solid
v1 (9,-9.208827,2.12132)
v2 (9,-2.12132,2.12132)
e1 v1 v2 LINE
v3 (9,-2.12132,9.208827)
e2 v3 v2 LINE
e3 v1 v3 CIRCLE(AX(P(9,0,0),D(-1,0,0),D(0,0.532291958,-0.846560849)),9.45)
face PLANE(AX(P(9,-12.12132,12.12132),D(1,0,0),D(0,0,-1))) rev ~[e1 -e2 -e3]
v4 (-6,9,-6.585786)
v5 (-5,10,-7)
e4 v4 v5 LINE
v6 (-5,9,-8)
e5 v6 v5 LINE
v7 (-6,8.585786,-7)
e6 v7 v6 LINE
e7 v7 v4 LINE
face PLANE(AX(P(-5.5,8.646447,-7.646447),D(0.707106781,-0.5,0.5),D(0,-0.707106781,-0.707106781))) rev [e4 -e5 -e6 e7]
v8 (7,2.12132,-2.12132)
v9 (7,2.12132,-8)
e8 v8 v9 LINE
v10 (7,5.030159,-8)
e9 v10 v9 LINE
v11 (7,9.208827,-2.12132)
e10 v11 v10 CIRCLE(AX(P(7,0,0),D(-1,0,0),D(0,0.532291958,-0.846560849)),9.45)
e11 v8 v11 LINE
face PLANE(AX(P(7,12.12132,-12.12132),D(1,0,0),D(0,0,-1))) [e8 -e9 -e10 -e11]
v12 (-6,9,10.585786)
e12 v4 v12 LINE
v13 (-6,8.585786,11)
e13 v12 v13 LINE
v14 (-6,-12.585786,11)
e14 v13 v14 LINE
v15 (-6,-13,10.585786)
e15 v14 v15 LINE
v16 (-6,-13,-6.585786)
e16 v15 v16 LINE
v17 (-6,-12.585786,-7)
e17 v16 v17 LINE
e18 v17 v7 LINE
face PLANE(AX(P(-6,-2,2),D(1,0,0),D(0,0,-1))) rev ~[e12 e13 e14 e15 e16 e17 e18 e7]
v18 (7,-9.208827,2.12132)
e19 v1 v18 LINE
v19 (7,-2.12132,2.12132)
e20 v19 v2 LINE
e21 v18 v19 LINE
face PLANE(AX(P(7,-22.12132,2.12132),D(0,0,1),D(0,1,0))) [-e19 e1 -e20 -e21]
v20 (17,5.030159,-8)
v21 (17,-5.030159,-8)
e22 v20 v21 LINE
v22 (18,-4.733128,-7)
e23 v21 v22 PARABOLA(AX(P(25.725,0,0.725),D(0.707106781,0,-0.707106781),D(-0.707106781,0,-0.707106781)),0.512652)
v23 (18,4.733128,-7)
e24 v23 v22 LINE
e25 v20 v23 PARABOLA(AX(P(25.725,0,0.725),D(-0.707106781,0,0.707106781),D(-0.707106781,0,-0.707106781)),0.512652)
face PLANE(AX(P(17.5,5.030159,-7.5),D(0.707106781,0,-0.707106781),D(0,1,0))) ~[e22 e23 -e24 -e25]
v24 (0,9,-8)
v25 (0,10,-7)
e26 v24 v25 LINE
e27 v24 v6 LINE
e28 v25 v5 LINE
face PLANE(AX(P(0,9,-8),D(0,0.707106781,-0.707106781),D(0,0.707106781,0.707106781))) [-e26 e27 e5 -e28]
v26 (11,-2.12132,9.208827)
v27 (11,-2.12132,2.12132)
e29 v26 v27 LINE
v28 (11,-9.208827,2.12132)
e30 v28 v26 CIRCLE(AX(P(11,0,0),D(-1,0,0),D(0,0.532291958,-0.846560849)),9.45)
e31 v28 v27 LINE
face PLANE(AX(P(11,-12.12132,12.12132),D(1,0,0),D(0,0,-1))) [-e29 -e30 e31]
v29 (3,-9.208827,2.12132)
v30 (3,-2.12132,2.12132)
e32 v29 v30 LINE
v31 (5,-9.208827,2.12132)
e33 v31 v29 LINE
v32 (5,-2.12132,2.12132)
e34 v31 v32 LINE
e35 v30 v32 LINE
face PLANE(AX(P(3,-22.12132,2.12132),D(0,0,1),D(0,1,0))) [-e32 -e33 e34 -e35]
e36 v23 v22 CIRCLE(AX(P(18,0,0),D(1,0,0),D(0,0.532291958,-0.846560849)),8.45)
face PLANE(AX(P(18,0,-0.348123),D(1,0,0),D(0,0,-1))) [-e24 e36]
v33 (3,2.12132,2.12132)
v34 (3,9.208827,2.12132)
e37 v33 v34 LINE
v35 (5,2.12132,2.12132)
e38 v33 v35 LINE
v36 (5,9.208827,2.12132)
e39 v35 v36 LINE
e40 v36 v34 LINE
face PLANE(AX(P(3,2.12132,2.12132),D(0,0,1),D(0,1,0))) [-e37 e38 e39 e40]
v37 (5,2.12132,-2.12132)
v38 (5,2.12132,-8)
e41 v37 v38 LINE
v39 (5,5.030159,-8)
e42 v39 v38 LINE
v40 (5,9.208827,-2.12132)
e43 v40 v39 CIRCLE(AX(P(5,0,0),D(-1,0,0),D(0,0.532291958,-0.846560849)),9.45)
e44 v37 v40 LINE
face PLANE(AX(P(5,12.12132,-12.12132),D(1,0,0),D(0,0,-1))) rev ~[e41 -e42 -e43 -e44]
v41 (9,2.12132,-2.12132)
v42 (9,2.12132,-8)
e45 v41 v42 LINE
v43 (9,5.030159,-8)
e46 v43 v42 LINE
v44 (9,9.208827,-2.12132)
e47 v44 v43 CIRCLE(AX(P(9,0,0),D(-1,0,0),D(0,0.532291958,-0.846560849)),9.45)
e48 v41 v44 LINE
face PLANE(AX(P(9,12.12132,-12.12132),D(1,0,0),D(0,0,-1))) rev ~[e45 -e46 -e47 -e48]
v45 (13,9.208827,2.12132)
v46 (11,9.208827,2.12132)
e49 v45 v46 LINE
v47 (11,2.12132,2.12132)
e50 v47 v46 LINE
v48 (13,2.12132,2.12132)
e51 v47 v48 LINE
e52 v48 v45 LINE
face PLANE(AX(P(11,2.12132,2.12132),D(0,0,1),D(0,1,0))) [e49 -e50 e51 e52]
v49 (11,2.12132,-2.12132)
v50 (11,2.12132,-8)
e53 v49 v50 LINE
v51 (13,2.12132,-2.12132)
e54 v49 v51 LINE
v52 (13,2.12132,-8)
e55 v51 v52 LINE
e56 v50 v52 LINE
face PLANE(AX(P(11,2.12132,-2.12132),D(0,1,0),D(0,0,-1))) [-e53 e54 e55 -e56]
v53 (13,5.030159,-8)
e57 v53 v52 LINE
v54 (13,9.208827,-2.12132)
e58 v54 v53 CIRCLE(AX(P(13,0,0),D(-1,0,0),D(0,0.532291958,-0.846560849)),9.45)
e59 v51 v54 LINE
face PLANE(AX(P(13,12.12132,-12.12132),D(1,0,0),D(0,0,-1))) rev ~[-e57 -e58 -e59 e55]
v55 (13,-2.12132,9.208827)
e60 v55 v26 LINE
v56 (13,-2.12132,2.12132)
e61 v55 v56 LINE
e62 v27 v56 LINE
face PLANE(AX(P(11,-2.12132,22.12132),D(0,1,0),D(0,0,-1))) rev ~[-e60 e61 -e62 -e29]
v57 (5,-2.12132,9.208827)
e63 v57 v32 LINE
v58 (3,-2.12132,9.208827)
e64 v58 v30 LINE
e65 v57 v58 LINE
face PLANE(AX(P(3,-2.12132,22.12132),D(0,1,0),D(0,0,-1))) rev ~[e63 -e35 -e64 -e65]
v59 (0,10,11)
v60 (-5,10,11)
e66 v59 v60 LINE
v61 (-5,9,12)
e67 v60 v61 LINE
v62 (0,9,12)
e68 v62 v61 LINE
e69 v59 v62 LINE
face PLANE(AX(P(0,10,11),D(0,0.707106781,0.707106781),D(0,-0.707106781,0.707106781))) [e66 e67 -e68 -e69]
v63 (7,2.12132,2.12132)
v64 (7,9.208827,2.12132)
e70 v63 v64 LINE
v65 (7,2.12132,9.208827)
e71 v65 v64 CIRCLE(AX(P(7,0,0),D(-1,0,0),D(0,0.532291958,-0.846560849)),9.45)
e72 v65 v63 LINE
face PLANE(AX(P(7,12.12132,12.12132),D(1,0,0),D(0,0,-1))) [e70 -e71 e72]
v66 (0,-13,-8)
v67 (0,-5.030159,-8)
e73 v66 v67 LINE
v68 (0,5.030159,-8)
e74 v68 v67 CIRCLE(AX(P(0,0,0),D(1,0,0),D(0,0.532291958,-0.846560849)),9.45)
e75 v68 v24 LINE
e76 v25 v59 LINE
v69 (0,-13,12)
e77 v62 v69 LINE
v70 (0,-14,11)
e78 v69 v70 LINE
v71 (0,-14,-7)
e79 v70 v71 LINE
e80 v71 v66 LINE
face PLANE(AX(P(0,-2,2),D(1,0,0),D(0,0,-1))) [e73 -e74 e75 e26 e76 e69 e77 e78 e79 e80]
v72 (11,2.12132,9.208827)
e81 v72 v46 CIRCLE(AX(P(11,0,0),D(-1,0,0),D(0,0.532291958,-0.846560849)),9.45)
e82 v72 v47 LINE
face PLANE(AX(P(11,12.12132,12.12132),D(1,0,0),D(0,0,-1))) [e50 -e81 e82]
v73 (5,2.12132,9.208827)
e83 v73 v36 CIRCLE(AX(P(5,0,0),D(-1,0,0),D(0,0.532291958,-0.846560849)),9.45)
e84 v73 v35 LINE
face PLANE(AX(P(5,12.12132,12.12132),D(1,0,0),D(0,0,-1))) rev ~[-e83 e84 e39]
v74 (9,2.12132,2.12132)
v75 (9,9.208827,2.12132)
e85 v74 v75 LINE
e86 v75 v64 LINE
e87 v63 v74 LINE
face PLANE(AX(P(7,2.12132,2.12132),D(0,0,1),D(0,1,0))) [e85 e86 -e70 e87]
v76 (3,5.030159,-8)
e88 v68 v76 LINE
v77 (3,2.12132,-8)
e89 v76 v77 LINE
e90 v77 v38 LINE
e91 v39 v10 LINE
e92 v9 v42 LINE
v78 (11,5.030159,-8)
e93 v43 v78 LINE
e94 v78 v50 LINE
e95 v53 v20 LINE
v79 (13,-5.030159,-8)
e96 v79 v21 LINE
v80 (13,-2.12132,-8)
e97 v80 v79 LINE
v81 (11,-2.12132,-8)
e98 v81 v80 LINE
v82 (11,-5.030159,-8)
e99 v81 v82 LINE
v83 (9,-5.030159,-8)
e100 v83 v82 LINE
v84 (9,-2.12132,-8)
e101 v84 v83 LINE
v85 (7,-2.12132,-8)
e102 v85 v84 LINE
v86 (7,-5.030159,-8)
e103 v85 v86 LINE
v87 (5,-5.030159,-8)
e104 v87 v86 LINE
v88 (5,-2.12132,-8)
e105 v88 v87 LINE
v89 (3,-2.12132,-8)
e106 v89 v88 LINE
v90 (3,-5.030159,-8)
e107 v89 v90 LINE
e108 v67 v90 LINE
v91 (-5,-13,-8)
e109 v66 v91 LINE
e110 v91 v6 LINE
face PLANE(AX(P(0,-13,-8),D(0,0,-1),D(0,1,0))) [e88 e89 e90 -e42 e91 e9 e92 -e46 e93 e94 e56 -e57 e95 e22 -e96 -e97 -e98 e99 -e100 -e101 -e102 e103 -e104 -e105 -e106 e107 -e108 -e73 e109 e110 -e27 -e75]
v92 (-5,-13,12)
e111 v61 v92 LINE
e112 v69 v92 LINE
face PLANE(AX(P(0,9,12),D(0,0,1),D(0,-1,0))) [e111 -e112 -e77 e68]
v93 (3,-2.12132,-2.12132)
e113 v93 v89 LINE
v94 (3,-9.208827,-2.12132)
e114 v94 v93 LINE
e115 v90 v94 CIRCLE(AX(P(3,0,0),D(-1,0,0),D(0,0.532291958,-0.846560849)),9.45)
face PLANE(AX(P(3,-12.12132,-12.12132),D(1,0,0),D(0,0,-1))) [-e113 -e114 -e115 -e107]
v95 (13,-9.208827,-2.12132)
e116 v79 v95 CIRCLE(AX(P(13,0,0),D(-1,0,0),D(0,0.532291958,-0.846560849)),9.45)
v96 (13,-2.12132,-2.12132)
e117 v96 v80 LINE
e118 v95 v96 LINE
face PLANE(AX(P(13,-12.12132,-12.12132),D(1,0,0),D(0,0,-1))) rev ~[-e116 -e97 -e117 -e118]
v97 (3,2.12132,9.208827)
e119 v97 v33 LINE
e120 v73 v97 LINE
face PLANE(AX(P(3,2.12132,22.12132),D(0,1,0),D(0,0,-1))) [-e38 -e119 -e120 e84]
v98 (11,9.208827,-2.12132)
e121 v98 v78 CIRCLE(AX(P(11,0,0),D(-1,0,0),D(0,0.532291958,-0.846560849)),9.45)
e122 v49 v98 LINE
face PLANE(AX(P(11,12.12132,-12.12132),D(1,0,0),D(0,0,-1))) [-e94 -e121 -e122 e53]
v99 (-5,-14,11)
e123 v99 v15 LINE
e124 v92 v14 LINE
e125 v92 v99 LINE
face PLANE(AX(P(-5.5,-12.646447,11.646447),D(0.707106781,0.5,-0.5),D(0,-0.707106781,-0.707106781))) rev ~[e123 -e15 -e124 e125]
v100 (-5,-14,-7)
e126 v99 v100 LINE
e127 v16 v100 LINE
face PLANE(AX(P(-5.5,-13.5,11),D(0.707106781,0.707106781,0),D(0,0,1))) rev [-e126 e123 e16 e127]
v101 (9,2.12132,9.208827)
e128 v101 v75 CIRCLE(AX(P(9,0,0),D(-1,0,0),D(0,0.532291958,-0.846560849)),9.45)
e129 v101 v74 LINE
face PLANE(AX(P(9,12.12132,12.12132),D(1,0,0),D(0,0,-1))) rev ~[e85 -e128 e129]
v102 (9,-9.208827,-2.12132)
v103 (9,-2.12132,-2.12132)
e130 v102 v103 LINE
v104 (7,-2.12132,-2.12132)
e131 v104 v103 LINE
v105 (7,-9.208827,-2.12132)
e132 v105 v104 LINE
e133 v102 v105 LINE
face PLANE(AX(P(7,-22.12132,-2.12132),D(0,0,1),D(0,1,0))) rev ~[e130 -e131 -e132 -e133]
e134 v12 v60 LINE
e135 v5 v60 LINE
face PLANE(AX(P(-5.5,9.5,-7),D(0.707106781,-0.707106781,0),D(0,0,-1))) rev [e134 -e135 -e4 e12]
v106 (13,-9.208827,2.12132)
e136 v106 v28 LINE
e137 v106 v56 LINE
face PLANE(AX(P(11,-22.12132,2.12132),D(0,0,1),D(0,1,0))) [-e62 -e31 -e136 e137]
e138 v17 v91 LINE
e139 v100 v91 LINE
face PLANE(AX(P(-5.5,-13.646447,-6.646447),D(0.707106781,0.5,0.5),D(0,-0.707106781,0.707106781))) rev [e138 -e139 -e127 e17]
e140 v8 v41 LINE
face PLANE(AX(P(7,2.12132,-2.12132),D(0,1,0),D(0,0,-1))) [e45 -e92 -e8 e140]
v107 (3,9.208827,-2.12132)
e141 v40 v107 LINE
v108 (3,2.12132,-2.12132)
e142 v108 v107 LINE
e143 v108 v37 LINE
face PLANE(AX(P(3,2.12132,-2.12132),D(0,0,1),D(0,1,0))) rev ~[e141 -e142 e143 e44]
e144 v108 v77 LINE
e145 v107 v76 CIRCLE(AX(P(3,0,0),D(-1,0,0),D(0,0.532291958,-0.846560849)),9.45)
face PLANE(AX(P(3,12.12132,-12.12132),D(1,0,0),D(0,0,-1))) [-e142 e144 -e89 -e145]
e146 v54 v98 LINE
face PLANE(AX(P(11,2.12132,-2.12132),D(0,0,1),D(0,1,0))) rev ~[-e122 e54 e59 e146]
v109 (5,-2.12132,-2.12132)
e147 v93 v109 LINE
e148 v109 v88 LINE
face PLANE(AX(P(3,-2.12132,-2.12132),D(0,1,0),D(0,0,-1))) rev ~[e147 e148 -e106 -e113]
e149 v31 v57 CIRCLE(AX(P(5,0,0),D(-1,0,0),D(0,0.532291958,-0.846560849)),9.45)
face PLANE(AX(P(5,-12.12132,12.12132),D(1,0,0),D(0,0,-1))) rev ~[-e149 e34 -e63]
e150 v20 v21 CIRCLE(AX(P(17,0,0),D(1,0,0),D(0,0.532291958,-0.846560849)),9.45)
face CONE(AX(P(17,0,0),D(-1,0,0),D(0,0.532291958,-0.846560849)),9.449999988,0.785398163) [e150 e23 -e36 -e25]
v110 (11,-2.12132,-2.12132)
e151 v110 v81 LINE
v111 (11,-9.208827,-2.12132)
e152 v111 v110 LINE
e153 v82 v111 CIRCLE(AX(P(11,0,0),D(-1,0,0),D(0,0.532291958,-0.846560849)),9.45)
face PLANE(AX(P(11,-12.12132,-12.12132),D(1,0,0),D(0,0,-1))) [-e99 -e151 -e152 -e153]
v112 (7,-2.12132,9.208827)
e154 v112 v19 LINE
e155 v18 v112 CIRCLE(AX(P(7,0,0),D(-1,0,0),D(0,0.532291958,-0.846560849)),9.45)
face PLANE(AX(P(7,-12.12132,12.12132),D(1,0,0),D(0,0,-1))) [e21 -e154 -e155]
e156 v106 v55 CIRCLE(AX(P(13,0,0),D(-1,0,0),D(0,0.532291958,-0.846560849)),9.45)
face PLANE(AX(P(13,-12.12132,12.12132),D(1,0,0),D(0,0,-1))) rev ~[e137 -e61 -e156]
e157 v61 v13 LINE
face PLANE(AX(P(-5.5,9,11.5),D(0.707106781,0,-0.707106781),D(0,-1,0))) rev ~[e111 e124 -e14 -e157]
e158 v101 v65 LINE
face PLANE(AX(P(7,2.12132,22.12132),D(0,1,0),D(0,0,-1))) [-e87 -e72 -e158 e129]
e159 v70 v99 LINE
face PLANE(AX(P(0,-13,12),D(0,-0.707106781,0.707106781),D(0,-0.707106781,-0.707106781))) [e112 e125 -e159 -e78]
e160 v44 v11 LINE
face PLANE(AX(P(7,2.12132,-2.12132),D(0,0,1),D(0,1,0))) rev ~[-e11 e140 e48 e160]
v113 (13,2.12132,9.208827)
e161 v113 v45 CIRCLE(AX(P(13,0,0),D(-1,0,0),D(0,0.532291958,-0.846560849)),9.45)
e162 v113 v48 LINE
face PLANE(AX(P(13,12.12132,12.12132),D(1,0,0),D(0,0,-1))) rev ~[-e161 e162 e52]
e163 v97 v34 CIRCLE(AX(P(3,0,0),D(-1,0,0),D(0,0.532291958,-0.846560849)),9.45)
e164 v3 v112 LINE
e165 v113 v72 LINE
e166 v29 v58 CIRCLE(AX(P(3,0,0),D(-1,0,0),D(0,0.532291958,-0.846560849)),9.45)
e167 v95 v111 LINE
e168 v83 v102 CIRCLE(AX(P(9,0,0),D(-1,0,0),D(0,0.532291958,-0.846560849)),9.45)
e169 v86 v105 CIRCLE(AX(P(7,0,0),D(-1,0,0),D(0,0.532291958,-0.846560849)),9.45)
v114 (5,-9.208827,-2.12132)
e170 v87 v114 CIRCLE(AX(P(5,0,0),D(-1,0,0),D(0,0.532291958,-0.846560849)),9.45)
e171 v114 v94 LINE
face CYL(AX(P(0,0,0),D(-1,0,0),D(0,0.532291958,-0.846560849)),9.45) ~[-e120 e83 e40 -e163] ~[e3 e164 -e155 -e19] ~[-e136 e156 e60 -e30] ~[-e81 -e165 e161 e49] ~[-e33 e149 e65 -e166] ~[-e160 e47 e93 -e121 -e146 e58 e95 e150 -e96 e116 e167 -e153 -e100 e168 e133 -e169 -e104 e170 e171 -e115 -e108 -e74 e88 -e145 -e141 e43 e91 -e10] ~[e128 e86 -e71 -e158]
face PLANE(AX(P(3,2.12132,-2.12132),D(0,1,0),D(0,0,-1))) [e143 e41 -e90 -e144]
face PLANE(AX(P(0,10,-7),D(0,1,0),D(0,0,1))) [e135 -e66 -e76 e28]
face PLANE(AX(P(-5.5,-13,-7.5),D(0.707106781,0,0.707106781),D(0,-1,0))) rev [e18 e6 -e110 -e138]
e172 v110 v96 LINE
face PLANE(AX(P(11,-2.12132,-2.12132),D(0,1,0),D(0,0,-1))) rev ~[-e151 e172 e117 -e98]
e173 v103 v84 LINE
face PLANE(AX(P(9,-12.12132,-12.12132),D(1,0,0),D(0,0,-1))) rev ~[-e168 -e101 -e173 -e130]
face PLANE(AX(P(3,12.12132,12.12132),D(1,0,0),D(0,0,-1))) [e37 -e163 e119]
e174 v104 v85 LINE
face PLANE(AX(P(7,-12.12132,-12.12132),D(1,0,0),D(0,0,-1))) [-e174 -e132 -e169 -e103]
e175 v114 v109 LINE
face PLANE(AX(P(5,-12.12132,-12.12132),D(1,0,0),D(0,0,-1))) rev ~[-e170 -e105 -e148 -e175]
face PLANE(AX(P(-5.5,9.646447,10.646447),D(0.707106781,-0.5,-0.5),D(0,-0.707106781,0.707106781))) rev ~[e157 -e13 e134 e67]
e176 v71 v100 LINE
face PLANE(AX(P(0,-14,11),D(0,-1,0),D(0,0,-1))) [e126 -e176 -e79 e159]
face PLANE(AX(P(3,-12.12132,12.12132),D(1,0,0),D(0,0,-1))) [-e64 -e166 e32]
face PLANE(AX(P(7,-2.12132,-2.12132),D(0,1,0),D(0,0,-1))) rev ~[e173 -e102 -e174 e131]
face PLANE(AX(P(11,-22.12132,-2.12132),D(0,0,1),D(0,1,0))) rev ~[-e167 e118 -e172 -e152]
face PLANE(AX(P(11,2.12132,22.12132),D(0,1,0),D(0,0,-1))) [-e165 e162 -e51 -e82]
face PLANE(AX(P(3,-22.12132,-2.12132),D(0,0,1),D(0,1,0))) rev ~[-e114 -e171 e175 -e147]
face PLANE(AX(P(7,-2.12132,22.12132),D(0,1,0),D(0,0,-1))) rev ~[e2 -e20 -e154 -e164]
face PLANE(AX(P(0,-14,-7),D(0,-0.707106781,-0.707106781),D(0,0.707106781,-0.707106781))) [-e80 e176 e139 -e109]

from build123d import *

# Parameters (mm, degrees)
PAD002_DEPTH            = 18
CHAMFER001_SIZE         = 1
SKETCH004_W             = 20
SKETCH004_H             = 20
POCKET001_DEPTH         = 2
LINEARPATTERN001_COUNT  = 3
LINEARPATTERN001_PITCH  = 4
PAD003_DEPTH            = 6
CHAMFER002_SIZE         = 1
BODY001_PLACEMENT_ANGLE = 90


with BuildPart() as part:
    # Sketch003 → Pad002 (new body)
    with BuildSketch(Plane.XY):
        with BuildLine():
            ThreePointArc((8, 5.030159), (-9.45, 0), (8, -5.030159))
            Line((8, 5.030159), (8, -5.030159))
        make_face()
    extrude(amount=PAD002_DEPTH)

    # Chamfer001
    chamfer001_edges = [part.edges().sort_by_distance(p)[0] for p in [
        (-9.45, 0, 18),
        (8, 0, 18),
    ]]
    chamfer(chamfer001_edges, length=CHAMFER001_SIZE)

    # Sketch004 → Pocket001 (cut)
    with BuildSketch(Plane.XY.offset(3)):
        with Locations((12.12132, -12.12132)):
            Rectangle(SKETCH004_W, SKETCH004_H)
        with Locations((12.12132, 12.12132)):
            Rectangle(SKETCH004_W, SKETCH004_H)
        with Locations((-12.12132, 12.12132)):
            Rectangle(SKETCH004_W, SKETCH004_H)
        with Locations((-12.12132, -12.12132)):
            Rectangle(SKETCH004_W, SKETCH004_H)
    pocket001 = extrude(amount=POCKET001_DEPTH, mode=Mode.SUBTRACT)

    # LinearPattern001: Pocket001 ×3
    with Locations(*[(0, 0, i * LINEARPATTERN001_PITCH) for i in range(1, LINEARPATTERN001_COUNT)]):
        add(pocket001, mode=Mode.SUBTRACT)

    # Sketch005 → Pad003 (join)
    with BuildSketch(Plane.XY):
        Polygon((-12, 9), (-12, -13), (-11, -14), (7, -14), (8, -13), (8, 9), (7, 10), (-11, 10), align=None)
    extrude(amount=-PAD003_DEPTH)

    # Chamfer002
    chamfer002_edges = [part.edges().sort_by_distance(p)[0] for p in [
        (-2, 10, -6),
        (-11.5, 9.5, -6),
        (-12, -2, -6),
        (-11.5, -13.5, -6),
        (-2, -14, -6),
        (7.5, -13.5, -6),
        (8, -2, -6),
        (7.5, 9.5, -6),
    ]]
    chamfer(chamfer002_edges, length=CHAMFER002_SIZE)


with BuildPart() as part_1:
    # Body001 placement: moved
    add(part.part.rotate(Axis((0, 0, 0), (0, 1, 0)), BODY001_PLACEMENT_ANGLE))


solid = part_1.part
